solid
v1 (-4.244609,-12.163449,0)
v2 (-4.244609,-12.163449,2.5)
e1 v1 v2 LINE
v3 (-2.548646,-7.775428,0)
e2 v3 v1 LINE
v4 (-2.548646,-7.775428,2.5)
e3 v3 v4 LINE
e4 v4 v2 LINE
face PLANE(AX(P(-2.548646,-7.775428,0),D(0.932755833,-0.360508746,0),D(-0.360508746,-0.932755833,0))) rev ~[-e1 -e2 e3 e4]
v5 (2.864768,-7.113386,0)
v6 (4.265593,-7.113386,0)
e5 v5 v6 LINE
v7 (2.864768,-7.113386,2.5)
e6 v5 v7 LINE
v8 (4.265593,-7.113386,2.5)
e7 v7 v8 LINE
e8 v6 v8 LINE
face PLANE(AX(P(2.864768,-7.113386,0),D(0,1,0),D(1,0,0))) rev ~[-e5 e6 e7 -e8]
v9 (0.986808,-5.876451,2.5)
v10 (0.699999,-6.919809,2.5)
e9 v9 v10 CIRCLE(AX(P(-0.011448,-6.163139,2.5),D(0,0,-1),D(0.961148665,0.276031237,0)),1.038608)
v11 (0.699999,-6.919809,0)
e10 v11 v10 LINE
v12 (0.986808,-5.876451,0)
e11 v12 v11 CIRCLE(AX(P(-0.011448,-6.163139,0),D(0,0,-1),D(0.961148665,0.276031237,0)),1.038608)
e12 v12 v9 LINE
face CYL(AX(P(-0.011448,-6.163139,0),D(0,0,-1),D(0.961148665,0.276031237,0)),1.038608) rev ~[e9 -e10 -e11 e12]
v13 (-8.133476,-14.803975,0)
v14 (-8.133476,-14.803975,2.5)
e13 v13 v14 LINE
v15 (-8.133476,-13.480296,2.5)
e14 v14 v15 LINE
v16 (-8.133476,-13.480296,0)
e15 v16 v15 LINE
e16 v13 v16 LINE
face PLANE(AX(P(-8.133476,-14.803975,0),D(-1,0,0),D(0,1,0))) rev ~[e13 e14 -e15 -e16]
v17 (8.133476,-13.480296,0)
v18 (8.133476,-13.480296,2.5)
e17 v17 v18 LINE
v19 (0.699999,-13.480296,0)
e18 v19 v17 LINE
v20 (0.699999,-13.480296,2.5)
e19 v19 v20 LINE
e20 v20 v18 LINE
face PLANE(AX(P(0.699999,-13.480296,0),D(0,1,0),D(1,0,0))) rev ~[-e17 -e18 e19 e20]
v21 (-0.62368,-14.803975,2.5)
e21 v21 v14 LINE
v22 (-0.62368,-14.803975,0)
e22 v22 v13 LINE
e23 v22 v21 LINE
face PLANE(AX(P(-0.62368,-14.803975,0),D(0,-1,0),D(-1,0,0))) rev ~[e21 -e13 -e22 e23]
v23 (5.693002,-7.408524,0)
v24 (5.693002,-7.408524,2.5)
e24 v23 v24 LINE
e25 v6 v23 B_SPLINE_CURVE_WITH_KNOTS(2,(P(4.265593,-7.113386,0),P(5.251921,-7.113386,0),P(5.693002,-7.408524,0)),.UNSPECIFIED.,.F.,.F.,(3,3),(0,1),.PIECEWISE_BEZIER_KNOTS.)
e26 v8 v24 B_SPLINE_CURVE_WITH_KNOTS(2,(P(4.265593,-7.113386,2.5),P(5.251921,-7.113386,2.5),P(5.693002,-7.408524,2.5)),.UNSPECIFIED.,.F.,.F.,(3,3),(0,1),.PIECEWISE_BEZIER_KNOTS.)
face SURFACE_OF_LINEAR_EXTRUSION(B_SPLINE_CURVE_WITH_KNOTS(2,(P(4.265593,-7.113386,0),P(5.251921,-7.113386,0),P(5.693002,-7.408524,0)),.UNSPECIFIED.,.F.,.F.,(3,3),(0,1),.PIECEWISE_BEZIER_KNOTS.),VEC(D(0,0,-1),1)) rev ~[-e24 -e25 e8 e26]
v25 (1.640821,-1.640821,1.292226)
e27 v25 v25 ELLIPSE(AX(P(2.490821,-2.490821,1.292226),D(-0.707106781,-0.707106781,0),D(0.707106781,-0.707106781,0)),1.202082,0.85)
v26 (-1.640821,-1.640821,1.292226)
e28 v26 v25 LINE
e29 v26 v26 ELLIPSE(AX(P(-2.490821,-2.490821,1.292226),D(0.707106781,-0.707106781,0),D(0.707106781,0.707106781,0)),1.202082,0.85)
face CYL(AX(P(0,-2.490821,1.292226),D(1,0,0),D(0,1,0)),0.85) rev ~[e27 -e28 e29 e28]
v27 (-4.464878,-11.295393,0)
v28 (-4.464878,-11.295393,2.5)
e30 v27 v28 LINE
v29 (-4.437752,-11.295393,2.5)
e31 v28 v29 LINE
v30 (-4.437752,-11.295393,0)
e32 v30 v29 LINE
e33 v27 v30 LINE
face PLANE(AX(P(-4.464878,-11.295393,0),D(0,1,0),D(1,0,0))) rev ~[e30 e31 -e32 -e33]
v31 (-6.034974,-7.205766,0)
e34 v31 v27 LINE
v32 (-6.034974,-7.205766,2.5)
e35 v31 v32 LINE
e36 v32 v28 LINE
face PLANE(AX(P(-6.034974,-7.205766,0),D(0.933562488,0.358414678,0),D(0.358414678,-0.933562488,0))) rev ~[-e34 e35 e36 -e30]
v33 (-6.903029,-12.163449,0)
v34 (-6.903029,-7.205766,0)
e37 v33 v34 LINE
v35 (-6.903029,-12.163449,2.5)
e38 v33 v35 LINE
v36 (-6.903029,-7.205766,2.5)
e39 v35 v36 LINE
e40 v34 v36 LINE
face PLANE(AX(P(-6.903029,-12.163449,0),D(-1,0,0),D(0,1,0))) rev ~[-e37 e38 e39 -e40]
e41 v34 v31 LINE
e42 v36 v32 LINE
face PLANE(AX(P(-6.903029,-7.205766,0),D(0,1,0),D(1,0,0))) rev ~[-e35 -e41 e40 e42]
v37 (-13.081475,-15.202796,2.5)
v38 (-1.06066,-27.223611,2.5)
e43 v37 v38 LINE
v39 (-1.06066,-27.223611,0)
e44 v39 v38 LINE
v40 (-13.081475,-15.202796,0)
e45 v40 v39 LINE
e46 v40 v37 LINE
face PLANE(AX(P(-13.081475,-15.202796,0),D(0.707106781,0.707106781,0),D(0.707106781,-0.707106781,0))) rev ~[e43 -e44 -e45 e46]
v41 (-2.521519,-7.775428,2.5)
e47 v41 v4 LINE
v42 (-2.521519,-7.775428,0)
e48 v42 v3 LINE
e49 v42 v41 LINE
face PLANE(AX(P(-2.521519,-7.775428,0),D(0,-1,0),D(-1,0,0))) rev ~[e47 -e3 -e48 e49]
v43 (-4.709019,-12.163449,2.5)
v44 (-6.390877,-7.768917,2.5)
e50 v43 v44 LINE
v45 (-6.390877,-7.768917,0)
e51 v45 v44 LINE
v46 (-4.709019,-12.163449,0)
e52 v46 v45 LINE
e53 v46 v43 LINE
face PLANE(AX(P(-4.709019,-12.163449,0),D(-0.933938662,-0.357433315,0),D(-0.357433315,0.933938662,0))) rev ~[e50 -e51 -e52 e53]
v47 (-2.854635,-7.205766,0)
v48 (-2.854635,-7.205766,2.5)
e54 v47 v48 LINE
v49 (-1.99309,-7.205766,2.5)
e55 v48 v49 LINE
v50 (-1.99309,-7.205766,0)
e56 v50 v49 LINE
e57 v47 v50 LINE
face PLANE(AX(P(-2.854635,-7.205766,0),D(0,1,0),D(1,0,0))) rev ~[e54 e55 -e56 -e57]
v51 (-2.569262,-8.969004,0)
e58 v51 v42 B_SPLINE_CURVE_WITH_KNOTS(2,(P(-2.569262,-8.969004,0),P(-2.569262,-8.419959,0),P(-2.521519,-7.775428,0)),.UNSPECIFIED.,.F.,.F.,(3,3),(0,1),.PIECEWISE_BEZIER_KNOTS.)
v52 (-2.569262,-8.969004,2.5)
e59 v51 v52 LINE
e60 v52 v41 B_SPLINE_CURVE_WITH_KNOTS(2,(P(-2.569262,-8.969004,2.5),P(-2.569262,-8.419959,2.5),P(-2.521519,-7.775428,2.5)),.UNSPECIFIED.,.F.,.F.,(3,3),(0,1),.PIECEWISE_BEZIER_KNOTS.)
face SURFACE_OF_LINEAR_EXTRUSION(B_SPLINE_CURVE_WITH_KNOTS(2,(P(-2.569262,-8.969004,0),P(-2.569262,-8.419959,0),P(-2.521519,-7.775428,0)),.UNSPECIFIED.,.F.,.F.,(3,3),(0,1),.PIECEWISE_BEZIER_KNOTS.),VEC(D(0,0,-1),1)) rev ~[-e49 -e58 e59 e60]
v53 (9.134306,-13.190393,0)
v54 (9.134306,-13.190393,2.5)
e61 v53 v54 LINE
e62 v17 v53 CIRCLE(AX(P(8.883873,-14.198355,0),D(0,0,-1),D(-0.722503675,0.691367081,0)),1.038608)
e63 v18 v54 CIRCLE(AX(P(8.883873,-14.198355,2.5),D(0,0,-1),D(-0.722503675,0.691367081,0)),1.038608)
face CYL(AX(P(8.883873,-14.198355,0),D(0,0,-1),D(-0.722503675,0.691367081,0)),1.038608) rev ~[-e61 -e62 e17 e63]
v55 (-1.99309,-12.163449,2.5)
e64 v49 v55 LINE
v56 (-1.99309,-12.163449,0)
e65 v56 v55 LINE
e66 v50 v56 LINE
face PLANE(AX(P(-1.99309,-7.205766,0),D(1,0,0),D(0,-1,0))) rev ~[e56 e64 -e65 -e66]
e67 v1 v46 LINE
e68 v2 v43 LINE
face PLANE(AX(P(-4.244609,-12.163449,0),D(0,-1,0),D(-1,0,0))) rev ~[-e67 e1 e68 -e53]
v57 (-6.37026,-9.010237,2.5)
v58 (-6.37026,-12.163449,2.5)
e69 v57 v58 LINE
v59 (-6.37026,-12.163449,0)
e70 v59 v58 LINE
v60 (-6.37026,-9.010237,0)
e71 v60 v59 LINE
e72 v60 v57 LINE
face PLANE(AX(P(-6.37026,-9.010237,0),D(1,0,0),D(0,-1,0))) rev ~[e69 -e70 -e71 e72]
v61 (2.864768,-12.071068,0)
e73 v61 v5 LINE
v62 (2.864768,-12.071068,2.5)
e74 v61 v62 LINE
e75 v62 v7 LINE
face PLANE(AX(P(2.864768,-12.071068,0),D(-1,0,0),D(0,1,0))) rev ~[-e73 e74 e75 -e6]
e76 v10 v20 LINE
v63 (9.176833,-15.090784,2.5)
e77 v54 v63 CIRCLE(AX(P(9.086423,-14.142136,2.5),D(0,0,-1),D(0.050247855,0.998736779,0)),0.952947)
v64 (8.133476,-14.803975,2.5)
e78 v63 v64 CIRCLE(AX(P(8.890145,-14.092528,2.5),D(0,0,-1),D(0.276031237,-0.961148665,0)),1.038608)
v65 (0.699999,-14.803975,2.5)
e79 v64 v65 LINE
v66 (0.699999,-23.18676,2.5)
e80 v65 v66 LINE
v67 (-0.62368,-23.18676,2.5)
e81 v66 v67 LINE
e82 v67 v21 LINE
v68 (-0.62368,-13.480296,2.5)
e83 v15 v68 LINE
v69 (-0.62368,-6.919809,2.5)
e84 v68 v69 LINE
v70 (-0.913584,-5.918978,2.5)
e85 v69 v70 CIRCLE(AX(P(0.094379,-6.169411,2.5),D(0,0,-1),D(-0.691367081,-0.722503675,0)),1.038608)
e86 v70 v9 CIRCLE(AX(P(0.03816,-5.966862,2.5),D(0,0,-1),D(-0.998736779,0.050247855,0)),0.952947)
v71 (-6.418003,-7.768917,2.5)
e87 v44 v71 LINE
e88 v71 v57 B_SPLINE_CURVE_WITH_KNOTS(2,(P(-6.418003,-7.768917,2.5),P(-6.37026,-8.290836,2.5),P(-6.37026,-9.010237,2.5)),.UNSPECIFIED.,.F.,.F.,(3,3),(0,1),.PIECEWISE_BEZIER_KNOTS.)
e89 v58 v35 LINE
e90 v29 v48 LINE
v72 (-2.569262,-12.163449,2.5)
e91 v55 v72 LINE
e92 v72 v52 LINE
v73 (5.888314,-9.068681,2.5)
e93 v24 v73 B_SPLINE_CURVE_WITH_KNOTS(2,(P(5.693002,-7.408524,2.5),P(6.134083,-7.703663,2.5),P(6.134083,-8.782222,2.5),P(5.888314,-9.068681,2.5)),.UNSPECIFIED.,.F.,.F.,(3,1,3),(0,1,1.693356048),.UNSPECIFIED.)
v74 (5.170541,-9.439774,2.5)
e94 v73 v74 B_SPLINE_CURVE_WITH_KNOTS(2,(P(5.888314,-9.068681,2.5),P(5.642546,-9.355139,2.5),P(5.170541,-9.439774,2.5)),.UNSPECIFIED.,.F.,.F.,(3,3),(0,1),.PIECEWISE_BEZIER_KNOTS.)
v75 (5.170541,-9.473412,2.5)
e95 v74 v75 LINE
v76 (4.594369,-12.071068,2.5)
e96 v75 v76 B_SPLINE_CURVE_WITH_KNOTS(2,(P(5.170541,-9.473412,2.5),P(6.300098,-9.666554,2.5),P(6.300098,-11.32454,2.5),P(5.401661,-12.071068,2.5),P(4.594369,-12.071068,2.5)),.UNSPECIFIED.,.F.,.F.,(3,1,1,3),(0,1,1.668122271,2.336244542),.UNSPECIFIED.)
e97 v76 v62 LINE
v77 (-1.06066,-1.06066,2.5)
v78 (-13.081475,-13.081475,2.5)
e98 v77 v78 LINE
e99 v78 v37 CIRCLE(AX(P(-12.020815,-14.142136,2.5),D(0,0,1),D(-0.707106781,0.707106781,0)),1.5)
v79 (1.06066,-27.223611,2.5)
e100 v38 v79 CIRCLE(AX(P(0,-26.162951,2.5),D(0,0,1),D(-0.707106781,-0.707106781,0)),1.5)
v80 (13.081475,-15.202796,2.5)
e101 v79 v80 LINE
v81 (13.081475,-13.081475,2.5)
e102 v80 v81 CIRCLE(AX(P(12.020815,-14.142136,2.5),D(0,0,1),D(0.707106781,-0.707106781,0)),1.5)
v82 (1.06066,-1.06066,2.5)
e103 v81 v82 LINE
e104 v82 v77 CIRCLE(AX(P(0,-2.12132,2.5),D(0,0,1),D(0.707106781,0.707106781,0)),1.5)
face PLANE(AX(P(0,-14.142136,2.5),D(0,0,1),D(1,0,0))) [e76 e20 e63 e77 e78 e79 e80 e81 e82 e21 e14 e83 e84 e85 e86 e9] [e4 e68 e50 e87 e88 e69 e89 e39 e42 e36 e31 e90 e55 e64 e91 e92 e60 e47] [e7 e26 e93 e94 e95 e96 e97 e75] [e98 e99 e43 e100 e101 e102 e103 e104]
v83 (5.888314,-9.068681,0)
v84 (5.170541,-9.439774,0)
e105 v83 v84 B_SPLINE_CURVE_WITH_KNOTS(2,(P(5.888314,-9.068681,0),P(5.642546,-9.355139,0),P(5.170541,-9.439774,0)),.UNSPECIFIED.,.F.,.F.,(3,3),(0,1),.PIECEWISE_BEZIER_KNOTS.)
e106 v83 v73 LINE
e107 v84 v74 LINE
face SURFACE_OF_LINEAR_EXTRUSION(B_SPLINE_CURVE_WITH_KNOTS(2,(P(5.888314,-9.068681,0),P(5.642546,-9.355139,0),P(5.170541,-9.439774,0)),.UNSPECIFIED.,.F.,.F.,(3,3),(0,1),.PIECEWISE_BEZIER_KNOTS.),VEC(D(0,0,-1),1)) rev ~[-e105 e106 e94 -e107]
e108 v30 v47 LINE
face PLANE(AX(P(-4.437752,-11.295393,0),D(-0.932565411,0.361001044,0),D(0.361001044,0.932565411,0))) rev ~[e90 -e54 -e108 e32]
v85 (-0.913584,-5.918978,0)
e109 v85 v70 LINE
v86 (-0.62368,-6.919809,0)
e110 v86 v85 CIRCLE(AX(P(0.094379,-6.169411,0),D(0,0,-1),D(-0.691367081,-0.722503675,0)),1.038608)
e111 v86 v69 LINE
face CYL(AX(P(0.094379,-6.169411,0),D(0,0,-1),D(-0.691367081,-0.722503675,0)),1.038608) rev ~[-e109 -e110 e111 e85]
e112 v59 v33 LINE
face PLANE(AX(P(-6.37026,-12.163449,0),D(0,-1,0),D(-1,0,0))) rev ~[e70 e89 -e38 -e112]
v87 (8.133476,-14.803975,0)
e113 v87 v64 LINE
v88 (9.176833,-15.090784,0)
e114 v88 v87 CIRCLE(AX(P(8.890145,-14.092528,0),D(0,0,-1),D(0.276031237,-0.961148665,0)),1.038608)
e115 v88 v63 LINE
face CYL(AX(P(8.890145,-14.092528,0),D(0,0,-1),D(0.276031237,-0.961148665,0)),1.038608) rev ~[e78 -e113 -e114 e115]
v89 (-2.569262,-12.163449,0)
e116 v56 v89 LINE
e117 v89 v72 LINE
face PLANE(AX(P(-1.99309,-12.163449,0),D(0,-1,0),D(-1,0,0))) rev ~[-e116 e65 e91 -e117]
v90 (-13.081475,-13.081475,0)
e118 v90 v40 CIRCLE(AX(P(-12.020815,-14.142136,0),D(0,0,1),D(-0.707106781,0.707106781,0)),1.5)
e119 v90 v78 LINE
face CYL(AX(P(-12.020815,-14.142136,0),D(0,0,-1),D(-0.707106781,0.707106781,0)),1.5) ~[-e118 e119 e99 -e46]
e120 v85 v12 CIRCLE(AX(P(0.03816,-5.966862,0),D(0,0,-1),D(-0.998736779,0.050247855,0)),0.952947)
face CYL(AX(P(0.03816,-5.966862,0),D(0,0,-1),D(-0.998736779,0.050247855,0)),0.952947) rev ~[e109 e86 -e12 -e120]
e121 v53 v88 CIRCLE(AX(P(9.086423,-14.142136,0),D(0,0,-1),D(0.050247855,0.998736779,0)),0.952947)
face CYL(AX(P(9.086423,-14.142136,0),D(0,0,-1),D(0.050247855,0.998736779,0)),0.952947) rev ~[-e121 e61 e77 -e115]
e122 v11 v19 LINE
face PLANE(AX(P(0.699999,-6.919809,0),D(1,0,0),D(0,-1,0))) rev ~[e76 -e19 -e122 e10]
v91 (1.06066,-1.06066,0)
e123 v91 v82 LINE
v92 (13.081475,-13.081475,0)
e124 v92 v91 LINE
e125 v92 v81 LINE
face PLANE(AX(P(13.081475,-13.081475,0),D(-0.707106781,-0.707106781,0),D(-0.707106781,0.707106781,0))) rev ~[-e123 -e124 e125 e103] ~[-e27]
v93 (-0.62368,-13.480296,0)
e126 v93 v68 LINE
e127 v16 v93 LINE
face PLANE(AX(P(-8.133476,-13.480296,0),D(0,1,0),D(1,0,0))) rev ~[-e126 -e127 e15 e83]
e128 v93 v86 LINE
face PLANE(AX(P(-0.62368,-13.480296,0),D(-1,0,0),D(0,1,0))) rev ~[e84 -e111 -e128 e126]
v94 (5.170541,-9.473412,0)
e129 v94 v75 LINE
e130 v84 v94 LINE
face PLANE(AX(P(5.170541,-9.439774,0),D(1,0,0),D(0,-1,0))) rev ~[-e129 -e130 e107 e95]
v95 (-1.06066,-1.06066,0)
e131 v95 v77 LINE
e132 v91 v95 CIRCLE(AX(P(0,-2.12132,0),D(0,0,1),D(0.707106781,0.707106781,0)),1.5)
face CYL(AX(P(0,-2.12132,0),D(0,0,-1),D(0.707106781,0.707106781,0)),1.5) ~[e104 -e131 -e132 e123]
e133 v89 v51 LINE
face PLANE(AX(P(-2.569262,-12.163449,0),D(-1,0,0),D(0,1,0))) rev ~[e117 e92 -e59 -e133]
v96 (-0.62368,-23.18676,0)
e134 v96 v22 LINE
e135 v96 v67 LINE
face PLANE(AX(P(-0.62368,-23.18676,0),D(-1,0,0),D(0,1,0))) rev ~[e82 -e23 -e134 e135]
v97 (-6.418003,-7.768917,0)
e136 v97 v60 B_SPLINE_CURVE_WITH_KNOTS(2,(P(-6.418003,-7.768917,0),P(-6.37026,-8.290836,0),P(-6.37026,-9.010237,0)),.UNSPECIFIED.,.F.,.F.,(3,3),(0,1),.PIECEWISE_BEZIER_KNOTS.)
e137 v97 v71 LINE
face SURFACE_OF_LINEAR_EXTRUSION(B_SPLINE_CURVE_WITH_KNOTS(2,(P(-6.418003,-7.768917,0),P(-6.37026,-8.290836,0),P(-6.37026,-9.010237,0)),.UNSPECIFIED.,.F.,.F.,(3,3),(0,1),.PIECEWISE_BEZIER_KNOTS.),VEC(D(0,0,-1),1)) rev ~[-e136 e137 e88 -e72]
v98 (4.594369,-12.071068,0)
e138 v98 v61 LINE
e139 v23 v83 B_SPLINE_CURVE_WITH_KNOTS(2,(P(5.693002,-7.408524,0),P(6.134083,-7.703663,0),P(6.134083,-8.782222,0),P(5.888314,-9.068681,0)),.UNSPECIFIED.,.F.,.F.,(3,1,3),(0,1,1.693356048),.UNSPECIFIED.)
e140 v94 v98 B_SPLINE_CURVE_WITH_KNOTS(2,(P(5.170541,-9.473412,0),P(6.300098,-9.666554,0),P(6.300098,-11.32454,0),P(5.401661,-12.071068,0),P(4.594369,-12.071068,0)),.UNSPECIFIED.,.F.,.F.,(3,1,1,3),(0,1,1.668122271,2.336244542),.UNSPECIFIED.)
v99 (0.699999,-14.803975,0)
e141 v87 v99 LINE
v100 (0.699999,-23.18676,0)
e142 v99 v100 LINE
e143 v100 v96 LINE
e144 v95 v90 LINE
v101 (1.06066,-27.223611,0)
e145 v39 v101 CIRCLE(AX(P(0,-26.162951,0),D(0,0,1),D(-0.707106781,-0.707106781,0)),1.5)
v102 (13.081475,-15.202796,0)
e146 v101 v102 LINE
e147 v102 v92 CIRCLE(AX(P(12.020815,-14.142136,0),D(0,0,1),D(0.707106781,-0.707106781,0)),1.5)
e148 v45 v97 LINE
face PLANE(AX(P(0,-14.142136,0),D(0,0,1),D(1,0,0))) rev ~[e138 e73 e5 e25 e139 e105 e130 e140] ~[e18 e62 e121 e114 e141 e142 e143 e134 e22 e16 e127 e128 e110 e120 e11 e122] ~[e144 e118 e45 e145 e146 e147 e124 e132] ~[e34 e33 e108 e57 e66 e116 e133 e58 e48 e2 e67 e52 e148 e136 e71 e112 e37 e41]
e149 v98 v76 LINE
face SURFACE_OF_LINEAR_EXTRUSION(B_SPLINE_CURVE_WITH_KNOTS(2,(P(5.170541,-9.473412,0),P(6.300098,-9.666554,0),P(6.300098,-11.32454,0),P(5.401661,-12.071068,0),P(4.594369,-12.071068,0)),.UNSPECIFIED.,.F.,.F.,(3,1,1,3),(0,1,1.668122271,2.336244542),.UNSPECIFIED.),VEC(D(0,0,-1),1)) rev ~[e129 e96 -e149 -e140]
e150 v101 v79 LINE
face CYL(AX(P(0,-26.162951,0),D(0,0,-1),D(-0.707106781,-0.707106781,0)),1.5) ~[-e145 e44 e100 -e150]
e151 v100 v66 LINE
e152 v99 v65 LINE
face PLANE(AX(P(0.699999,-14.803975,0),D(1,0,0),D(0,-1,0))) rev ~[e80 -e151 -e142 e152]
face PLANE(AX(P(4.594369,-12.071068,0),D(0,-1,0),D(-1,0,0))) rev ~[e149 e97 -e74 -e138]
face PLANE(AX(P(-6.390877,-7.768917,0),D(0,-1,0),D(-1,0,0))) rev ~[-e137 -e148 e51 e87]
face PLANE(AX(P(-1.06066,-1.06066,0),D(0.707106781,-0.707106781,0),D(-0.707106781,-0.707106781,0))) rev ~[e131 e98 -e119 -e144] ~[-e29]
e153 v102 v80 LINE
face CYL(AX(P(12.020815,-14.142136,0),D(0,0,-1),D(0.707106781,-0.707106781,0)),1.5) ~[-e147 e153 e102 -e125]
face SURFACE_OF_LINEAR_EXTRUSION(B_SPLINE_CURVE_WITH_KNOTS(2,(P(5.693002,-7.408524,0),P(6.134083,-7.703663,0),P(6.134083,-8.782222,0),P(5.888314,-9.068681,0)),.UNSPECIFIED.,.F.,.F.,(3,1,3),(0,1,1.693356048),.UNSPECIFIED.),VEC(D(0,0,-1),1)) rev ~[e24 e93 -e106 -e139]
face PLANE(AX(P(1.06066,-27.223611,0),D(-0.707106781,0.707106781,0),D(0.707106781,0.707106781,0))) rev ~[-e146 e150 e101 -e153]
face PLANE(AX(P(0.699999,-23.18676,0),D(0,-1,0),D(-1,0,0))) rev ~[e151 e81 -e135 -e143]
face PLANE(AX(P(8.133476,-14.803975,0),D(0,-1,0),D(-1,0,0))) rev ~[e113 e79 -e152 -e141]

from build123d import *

# Parameters (mm, degrees)
F1_DEPTH = 2.5
F2_R     = 0.85
F3_DEPTH = 12.5


with BuildPart() as f1:
    # F0 (on Top) → F1 (new body)
    with BuildSketch(Plane.XY):
        with BuildLine():
            Line((13.081475452, -13.081475452), (1.0606601718, -1.0606601718))
            ThreePointArc((1.0606601718, -1.0606601718), (0, -0.6213203436), (-1.0606601718, -1.0606601718))
            Line((-1.0606601718, -1.0606601718), (-13.081475452, -13.081475452))
            ThreePointArc((-13.081475452, -13.081475452), (-13.5208152802, -14.1421356237), (-13.081475452, -15.2027957955))
            Line((-13.081475452, -15.2027957955), (-1.0606601718, -27.2236110757))
            ThreePointArc((-1.0606601718, -27.2236110757), (0, -27.6629509039), (1.0606601718, -27.2236110757))
            Line((1.0606601718, -27.2236110757), (13.081475452, -15.2027957955))
            ThreePointArc((13.081475452, -15.2027957955), (13.5208152802, -14.1421356237), (13.081475452, -13.081475452))
        make_face()
        with BuildLine():
            Line((-4.2446093448, -12.1634487249), (-4.709019067, -12.1634487249))
            Line((-4.709019067, -12.1634487249), (-6.3908767059, -7.7689174749))
            Line((-6.3908767059, -7.7689174749), (-6.418003442, -7.7689174749))
            add(Edge.make_bspline(
                [(-6.418003442, -7.7689174749), (-6.3702603864, -8.2908358777), (-6.3702603864, -9.0102369193)],
                knots=[0, 0, 0, 1, 1, 1], degree=2))
            Line((-6.3702603864, -9.0102369193), (-6.3702603864, -12.1634487249))
            Line((-6.3702603864, -12.1634487249), (-6.9030294836, -12.1634487249))
            Line((-6.9030294836, -12.1634487249), (-6.9030294836, -7.2057664332))
            Line((-6.9030294836, -7.2057664332), (-6.0349739281, -7.2057664332))
            Line((-6.0349739281, -7.2057664332), (-4.464878442, -11.2953931693))
            Line((-4.464878442, -11.2953931693), (-4.4377517059, -11.2953931693))
            Line((-4.4377517059, -11.2953931693), (-2.8546353864, -7.2057664332))
            Line((-2.8546353864, -7.2057664332), (-1.9930902475, -7.2057664332))
            Line((-1.9930902475, -7.2057664332), (-1.9930902475, -12.1634487249))
            Line((-1.9930902475, -12.1634487249), (-2.5692621225, -12.1634487249))
            Line((-2.5692621225, -12.1634487249), (-2.5692621225, -8.9690042805))
            add(Edge.make_bspline(
                [(-2.5692621225, -8.9690042805), (-2.5692621225, -8.4199591416), (-2.521519067, -7.7754278916)],
                knots=[0, 0, 0, 1, 1, 1], degree=2))
            Line((-2.521519067, -7.7754278916), (-2.5486458031, -7.7754278916))
            Line((-2.5486458031, -7.7754278916), (-4.2446093448, -12.1634487249))
        make_face(mode=Mode.SUBTRACT)
        with BuildLine():
            Line((-8.1334756687, -14.8039748892), (-8.1334756687, -13.4802963582))
            Line((-8.1334756687, -13.4802963582), (-0.6236797201, -13.4802963582))
            Line((-0.6236797201, -13.4802963582), (-0.6236797201, -6.9198086858))
            ThreePointArc((-0.6236797201, -6.9198086858), (-0.9032194318, -6.4583786209), (-0.9135835525, -5.9189782686))
            ThreePointArc((-0.9135835525, -5.9189782686), (0.0168397474, -5.0141534426), (0.9868078824, -5.876451129))
            ThreePointArc((0.9868078824, -5.876451129), (0.9900106564, -6.4384308628), (0.6999988109, -6.9198086858))
            Line((0.6999988109, -6.9198086858), (0.6999988109, -13.4802963582))
            Line((0.6999988109, -13.4802963582), (8.1334756687, -13.4802963582))
            ThreePointArc((8.1334756687, -13.4802963582), (8.5949057336, -13.2007566465), (9.134306086, -13.1903925258))
            ThreePointArc((9.134306086, -13.1903925258), (10.0391309119, -14.1208158258), (9.1768332255, -15.0907839607))
            ThreePointArc((9.1768332255, -15.0907839607), (8.6148534917, -15.0939867347), (8.1334756687, -14.8039748892))
            Line((8.1334756687, -14.8039748892), (0.6999988109, -14.8039748892))
            Line((0.6999988109, -14.8039748892), (0.6999988109, -23.1867600232))
            Line((0.6999988109, -23.1867600232), (-0.6236797201, -23.1867600232))
            Line((-0.6236797201, -23.1867600232), (-0.6236797201, -14.8039748892))
            Line((-0.6236797201, -14.8039748892), (-8.1334756687, -14.8039748892))
        make_face(mode=Mode.SUBTRACT)
        with BuildLine():
            Line((2.8647682919, -12.0710678119), (2.8647682919, -7.1133855202))
            Line((2.8647682919, -7.1133855202), (4.2655929447, -7.1133855202))
            add(Edge.make_bspline(
                [(4.2655929447, -7.1133855202), (5.2519210697, -7.1133855202), (5.6930017989, -7.4085244091)],
                knots=[0, 0, 0, 1, 1, 1], degree=2))
            add(Edge.make_bspline(
                [(5.6930017989, -7.4085244091), (6.134082528, -7.703663298), (6.134082528, -8.3405990619)],
                knots=[0, 0, 0, 1, 1, 1], degree=2))
            add(Edge.make_bspline(
                [(6.134082528, -8.3405990619), (6.134082528, -8.7822223258), (5.8883142989, -9.0686806591)],
                knots=[0, 0, 0, 1, 1, 1], degree=2))
            add(Edge.make_bspline(
                [(5.8883142989, -9.0686806591), (5.6425460697, -9.3551389924), (5.1705408614, -9.4397744091)],
                knots=[0, 0, 0, 1, 1, 1], degree=2))
            Line((5.1705408614, -9.4397744091), (5.1705408614, -9.4734115619))
            add(Edge.make_bspline(
                [(5.1705408614, -9.4734115619), (6.300098153, -9.666553923), (6.300098153, -10.6604775341)],
                knots=[0, 0, 0, 1, 1, 1], degree=2))
            add(Edge.make_bspline(
                [(6.300098153, -10.6604775341), (6.300098153, -11.3245400341), (5.850879403, -11.697803923)],
                knots=[0, 0, 0, 1, 1, 1], degree=2))
            add(Edge.make_bspline(
                [(5.850879403, -11.697803923), (5.401660653, -12.0710678119), (4.5943689864, -12.0710678119)],
                knots=[0, 0, 0, 1, 1, 1], degree=2))
            Line((4.5943689864, -12.0710678119), (2.8647682919, -12.0710678119))
        make_face(mode=Mode.SUBTRACT)
    extrude(amount=F1_DEPTH)

    # F2 (on Right) → F3 (cut, symmetric)
    with BuildSketch(Plane.YZ):
        with Locations((-2.4908210296, 1.292226194)):
            Circle(F2_R)
    extrude(amount=F3_DEPTH, both=True, mode=Mode.SUBTRACT)


solid = f1.part
